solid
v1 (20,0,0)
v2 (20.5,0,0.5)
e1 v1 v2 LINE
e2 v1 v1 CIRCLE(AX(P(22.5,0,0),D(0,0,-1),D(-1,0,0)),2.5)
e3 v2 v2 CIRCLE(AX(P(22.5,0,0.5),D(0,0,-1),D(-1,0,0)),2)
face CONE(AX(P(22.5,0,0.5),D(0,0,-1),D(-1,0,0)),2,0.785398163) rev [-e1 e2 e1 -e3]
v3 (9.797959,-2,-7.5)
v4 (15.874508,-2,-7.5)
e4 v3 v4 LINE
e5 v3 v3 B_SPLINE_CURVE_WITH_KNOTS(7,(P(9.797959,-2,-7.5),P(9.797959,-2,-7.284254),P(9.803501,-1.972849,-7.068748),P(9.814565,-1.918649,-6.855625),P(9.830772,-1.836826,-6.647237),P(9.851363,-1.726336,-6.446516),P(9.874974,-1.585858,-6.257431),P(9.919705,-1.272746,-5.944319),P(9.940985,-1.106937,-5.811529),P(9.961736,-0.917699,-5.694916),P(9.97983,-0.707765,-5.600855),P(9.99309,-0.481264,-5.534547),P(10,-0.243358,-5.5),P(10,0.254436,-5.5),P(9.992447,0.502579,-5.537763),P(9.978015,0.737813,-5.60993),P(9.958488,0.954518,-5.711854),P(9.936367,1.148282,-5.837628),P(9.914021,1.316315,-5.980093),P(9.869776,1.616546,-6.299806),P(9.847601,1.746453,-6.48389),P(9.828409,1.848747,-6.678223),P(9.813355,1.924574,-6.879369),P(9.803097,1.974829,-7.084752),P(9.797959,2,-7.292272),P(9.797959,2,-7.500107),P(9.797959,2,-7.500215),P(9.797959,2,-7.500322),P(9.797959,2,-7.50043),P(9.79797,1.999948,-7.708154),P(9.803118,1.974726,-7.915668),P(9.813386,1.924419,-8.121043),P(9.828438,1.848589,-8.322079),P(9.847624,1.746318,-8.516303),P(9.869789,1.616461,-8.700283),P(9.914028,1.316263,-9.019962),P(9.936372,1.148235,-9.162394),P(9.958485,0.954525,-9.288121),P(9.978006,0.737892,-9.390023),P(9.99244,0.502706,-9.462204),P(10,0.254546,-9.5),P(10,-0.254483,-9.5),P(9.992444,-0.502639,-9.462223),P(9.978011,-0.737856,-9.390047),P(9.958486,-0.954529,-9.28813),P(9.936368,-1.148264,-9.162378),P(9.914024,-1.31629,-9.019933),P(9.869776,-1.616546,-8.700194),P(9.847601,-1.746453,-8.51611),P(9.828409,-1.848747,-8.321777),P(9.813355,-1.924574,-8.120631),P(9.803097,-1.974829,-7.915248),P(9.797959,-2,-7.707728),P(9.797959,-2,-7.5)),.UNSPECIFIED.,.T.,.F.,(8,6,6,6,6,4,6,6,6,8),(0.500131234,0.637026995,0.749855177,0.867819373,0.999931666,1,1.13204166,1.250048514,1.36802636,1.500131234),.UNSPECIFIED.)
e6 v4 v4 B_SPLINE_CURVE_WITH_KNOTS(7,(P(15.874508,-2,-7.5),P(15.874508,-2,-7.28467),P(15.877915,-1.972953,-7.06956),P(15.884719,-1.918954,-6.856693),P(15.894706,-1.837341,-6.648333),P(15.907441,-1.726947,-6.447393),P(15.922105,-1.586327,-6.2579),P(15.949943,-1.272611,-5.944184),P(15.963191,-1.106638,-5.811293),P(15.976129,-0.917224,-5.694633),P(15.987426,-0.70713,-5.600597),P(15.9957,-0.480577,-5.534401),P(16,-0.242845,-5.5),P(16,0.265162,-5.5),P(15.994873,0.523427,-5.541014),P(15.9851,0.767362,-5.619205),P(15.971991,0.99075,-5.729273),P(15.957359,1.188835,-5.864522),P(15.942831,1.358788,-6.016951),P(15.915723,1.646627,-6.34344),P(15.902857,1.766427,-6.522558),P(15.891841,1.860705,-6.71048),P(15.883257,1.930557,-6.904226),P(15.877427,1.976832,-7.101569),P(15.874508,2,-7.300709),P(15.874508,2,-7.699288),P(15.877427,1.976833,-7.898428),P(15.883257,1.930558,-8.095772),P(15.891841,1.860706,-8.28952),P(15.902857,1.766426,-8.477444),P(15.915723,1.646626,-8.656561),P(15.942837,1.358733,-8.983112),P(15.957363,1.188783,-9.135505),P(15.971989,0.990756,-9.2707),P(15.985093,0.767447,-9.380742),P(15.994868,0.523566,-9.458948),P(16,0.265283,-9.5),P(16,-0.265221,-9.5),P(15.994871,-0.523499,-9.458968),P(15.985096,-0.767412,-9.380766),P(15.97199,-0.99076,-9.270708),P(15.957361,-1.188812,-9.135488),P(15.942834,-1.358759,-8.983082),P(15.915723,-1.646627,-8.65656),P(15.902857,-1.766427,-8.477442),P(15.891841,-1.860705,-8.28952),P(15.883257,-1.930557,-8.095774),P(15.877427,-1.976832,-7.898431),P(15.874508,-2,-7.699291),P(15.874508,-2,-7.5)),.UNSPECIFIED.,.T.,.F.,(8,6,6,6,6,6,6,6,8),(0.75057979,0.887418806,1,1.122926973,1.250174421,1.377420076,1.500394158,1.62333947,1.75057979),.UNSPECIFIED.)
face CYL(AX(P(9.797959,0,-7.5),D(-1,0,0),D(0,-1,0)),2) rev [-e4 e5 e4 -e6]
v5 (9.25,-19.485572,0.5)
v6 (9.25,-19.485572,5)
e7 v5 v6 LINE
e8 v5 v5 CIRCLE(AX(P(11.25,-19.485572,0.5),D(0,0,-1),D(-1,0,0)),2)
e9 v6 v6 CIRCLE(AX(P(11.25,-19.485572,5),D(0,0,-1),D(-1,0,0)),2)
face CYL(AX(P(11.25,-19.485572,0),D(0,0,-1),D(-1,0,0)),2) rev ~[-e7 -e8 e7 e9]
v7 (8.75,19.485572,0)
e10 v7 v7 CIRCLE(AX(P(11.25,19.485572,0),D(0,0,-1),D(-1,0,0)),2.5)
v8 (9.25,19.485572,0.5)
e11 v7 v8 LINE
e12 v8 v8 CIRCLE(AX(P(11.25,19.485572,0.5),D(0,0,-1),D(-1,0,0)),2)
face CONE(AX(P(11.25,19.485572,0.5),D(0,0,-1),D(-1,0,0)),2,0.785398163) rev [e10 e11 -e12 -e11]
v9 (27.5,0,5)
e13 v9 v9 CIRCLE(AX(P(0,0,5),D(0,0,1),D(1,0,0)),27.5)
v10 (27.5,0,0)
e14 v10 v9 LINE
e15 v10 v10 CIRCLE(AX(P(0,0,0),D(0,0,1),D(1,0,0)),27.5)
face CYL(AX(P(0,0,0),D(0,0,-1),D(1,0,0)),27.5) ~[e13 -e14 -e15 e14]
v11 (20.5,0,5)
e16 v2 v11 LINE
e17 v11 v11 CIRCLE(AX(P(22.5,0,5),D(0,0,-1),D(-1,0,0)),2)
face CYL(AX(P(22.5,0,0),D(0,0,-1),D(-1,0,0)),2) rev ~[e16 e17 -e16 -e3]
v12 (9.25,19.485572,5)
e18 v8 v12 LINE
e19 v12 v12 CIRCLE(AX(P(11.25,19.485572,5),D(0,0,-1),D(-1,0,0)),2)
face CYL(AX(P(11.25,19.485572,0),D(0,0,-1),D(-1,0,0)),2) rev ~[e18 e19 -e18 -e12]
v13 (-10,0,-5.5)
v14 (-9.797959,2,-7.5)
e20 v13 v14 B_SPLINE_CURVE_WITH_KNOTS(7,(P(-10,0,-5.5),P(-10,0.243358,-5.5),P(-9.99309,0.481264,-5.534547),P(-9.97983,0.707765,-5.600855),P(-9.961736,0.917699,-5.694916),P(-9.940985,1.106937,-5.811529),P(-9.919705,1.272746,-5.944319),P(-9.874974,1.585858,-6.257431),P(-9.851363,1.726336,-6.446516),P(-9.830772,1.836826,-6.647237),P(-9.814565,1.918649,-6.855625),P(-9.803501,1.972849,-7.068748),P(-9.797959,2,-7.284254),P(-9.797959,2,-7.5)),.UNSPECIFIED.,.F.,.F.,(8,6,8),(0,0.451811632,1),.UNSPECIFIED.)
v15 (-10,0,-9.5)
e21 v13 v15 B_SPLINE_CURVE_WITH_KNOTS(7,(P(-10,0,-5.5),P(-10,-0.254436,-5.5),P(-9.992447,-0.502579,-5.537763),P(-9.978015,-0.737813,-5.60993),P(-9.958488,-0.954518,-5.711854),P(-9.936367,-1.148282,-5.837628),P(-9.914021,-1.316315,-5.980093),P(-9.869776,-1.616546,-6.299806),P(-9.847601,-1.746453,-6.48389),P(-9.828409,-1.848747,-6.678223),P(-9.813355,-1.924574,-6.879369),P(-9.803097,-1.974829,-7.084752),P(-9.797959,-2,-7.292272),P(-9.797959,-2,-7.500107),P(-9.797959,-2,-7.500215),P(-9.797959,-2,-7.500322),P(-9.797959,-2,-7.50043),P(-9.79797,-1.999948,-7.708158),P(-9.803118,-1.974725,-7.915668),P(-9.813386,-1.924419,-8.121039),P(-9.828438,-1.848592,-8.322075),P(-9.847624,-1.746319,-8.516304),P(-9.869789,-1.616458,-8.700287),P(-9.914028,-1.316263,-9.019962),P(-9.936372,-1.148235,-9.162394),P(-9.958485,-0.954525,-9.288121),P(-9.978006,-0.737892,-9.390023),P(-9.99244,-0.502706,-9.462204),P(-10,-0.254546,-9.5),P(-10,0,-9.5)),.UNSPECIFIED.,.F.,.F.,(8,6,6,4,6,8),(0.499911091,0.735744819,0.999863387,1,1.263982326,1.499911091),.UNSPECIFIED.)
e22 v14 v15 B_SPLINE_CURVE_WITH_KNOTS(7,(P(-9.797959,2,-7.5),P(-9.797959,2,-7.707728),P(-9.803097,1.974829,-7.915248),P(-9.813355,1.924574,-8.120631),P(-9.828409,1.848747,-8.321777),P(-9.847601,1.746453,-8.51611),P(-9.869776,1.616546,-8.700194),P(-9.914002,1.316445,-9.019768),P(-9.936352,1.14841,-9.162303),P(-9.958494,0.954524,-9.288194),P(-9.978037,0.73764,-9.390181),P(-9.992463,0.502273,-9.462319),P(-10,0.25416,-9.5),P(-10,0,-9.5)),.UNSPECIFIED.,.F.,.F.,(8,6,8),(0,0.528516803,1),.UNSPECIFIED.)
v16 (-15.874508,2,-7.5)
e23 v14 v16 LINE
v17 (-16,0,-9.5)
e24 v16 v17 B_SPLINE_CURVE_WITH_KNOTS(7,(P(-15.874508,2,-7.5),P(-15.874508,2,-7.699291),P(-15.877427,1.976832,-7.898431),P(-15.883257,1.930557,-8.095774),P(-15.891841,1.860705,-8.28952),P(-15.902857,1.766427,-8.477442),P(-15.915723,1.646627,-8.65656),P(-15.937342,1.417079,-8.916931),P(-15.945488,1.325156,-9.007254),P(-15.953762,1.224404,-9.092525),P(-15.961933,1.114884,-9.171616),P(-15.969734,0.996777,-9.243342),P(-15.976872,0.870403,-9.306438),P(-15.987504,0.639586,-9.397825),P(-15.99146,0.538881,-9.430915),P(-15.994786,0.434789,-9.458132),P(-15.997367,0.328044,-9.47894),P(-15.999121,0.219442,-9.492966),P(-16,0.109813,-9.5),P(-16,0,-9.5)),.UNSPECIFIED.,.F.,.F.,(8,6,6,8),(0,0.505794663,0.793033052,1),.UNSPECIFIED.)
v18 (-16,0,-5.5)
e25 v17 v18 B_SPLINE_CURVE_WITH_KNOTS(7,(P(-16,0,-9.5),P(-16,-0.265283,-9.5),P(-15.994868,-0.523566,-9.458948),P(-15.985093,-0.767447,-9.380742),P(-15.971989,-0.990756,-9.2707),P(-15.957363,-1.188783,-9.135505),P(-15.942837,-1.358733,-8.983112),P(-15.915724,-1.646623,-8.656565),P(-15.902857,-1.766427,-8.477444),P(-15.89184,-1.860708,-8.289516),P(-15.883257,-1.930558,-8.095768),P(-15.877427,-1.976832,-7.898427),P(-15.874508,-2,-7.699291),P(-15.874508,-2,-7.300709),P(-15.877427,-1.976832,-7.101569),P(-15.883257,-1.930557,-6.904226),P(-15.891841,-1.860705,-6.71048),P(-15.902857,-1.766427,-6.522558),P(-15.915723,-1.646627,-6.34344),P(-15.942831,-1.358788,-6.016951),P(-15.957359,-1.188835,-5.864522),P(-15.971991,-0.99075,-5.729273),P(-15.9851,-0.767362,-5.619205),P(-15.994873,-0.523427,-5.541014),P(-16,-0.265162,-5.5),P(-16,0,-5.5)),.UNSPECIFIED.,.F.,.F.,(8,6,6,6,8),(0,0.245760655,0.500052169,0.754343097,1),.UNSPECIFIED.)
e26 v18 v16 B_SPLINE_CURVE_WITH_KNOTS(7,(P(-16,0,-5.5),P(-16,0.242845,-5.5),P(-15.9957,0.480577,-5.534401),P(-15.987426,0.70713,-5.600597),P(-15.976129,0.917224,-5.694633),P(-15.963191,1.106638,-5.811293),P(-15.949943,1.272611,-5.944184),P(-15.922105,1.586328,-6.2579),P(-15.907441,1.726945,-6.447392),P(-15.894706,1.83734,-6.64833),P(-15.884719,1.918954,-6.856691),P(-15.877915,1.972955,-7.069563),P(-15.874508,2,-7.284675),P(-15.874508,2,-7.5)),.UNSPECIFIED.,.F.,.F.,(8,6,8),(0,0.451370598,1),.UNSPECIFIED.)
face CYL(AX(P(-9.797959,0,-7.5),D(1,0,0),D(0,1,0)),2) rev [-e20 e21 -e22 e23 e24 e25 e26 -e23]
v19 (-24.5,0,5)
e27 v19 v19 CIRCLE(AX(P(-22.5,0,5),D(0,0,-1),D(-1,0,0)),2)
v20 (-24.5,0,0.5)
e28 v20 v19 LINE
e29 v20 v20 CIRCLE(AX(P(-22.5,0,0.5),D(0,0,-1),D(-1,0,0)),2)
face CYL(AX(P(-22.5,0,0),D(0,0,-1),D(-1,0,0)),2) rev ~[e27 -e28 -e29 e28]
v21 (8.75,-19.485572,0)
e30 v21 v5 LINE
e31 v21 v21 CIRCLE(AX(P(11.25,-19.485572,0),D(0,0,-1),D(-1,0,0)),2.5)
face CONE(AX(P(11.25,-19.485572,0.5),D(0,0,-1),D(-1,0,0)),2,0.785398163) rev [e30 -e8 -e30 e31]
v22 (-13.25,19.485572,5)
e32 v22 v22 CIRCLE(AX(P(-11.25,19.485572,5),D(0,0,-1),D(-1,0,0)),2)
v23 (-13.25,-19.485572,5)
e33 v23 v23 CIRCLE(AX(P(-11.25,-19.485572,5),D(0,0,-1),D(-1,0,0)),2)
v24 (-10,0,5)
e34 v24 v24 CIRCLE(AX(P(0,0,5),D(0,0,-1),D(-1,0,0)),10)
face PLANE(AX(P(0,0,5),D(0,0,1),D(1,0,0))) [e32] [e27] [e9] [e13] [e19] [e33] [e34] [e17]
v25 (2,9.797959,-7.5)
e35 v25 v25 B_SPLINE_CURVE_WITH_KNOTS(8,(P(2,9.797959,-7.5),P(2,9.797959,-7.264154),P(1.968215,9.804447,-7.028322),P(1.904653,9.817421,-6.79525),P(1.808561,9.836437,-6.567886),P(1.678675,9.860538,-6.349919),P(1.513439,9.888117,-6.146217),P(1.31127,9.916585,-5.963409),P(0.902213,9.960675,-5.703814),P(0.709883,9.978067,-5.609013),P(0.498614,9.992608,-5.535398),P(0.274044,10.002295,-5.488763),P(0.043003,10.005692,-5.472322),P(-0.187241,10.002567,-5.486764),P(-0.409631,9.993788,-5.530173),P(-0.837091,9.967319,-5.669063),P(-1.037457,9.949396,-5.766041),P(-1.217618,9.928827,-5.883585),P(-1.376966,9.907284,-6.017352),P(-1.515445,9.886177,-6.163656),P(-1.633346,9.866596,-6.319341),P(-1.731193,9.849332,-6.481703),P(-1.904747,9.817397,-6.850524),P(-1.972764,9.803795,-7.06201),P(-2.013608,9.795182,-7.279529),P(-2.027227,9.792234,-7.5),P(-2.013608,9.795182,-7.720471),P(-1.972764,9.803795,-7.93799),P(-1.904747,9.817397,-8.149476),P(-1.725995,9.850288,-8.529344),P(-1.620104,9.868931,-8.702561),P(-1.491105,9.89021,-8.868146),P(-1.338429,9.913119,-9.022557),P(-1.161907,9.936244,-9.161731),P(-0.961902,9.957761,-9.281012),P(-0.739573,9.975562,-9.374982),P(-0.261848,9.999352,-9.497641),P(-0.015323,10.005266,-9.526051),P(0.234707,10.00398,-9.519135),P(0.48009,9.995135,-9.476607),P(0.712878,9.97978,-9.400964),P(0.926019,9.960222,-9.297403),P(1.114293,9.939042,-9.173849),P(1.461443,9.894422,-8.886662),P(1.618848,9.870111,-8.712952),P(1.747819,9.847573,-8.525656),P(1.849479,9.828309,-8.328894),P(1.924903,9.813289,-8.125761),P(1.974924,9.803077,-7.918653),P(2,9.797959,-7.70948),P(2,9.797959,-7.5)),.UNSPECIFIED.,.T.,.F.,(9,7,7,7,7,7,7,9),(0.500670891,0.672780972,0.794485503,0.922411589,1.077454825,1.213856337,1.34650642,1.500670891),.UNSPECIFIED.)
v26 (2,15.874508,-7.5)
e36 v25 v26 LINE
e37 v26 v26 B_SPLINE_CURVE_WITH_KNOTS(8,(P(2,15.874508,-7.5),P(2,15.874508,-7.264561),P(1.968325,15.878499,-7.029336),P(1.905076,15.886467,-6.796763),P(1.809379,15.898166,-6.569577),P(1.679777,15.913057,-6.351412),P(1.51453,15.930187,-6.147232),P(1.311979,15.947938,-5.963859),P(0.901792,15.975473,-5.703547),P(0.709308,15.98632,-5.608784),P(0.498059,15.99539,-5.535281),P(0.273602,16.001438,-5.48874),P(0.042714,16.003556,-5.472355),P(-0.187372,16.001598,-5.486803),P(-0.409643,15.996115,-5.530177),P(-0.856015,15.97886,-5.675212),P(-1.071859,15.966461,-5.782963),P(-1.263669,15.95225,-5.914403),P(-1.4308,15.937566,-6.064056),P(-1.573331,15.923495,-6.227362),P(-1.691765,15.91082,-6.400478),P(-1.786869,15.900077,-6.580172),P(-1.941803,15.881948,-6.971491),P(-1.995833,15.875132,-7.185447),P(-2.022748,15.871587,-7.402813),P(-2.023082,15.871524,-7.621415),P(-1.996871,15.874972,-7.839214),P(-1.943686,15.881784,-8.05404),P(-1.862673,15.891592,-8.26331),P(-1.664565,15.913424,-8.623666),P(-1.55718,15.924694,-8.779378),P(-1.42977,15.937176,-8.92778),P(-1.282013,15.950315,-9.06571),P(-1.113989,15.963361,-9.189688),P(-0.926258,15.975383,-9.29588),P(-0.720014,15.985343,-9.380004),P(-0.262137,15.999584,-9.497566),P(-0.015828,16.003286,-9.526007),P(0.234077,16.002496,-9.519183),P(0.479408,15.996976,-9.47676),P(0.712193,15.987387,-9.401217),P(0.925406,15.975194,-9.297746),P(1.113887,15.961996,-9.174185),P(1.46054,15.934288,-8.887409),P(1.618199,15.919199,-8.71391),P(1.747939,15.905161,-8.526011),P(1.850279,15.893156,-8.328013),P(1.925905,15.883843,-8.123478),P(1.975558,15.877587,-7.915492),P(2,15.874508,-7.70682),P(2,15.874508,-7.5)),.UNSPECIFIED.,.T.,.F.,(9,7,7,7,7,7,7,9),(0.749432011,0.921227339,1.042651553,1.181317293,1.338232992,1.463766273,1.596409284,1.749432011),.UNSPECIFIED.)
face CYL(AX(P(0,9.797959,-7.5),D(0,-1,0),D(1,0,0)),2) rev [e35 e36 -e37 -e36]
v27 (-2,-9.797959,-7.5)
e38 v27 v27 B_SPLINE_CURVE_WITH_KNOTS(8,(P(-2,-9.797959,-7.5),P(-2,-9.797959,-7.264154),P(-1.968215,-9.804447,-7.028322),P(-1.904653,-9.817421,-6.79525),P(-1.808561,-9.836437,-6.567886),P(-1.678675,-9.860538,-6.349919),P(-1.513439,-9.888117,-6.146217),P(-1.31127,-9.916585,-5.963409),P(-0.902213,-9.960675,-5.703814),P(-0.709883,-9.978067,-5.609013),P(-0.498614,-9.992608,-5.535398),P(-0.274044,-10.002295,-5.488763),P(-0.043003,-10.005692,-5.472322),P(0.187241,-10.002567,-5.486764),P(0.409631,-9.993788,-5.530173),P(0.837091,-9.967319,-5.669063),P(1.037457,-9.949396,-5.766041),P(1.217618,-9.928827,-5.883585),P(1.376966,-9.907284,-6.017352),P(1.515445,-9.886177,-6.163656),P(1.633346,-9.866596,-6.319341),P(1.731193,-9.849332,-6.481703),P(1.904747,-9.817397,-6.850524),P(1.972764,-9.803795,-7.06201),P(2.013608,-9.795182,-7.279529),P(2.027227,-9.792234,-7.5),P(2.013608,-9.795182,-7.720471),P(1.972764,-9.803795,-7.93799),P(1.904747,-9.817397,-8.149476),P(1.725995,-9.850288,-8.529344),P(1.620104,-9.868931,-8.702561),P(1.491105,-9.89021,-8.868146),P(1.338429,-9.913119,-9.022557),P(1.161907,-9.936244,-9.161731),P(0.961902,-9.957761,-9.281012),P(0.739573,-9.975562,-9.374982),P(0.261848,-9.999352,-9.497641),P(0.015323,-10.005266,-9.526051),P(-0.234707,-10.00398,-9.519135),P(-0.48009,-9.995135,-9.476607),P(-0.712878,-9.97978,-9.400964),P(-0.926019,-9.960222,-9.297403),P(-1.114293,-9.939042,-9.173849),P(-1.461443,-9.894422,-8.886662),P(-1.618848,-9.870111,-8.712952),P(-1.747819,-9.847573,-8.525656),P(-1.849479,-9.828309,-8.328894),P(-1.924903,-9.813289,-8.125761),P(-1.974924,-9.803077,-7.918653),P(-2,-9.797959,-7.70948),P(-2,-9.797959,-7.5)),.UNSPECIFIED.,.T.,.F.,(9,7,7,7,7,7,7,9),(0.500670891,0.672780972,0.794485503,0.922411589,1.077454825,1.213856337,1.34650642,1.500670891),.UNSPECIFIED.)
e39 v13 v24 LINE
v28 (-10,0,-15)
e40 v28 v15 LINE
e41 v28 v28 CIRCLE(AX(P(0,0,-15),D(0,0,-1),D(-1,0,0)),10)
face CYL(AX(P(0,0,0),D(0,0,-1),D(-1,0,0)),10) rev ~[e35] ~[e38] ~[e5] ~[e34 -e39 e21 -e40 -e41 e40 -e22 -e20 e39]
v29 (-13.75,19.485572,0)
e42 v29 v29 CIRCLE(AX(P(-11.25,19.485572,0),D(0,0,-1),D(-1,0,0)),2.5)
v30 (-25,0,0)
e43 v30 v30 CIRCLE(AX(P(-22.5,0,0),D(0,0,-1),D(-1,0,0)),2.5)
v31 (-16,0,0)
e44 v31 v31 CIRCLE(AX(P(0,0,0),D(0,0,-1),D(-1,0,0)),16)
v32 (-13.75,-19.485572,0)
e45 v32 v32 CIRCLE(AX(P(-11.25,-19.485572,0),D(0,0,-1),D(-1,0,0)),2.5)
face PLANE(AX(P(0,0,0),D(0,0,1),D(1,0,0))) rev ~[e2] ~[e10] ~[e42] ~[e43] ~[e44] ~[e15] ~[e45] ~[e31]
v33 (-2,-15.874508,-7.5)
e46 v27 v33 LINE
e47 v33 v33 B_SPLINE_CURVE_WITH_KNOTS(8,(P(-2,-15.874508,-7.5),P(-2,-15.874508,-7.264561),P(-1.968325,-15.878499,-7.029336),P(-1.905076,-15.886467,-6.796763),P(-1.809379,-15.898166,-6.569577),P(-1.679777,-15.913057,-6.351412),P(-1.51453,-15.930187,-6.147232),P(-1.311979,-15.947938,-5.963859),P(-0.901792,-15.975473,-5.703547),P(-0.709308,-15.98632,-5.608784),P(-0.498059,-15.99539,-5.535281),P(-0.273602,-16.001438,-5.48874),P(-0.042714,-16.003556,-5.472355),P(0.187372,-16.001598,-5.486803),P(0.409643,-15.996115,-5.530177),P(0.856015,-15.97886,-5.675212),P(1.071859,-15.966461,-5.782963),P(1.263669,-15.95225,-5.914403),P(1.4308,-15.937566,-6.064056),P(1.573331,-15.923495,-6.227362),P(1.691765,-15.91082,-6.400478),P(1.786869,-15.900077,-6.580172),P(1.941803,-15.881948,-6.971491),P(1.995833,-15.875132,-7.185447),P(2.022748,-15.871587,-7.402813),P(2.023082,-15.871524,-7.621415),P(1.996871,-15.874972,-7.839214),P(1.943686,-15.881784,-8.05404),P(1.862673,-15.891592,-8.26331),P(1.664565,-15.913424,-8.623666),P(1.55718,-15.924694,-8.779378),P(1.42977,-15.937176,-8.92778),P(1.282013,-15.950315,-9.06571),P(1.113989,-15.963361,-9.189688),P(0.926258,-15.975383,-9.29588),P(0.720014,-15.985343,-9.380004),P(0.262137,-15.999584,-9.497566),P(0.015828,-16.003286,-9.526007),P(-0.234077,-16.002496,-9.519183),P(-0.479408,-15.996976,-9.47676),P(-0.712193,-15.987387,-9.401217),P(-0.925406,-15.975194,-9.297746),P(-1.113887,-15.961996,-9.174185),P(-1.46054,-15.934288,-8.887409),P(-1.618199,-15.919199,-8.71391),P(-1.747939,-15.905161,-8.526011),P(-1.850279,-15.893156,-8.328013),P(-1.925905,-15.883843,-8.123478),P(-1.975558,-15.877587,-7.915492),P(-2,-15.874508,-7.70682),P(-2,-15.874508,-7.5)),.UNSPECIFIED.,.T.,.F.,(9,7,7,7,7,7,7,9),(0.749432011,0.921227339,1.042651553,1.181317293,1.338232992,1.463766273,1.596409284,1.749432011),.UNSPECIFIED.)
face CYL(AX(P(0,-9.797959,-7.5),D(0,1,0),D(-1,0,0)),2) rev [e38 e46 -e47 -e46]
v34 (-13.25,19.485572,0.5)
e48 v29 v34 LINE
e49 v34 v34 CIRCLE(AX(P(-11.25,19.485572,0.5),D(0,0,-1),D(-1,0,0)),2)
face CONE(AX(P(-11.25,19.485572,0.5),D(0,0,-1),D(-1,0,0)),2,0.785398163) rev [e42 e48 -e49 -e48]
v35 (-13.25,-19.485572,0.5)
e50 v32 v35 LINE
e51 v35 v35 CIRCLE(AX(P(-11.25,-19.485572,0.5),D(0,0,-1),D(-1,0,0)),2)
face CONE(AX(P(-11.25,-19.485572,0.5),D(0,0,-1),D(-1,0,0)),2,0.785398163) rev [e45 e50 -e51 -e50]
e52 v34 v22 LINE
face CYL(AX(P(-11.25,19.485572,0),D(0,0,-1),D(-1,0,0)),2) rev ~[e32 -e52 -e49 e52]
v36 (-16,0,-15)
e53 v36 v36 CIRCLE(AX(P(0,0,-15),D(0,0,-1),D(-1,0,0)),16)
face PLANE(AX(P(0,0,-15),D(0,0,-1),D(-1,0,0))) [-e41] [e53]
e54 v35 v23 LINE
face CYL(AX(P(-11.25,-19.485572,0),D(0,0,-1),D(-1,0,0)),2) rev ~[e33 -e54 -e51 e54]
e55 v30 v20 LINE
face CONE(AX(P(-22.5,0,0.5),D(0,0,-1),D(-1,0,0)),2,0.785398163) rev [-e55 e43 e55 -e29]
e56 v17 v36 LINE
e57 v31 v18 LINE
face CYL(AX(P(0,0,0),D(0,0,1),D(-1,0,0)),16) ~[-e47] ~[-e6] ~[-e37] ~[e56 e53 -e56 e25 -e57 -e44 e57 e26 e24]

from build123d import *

# Parameters (mm, degrees)
SKETCH_1_R               = 27.5
EXTRUDE_1_DEPTH          = 5
SKETCH_2_R               = 10
CUT_EXTRUDE_2_DEPTH      = 40.210967853
EXTRUDE_START            = 15
SKETCH_2_12_R            = 16
SKETCH_2_12_R_2          = 10
EXTRUDE_9_DEPTH          = 15
SKETCH_12_R              = 2
CUT_EXTRUDE_3_DEPTH      = 42.683330001
CHAMFER_1_SIZE           = 0.5
CUT_EXTRUDE_4_REACH      = 55.605
SKETCH_13_R              = 2
PATTERN_CIRCULAR_1_COUNT = 4


with BuildPart() as part:
    # Эскиз1 → Бобышка-Вытянуть1 (new body)
    with BuildSketch(Plane.XY):
        Circle(SKETCH_1_R)
    extrude(amount=EXTRUDE_1_DEPTH)

    # Эскиз2 → Вырез-Вытянуть2 (cut, through all)
    with BuildSketch(Plane(origin=(0, 0, 0), x_dir=(-1, 0, 0), z_dir=(0, 0, -1))):
        Circle(SKETCH_2_R)
    extrude(amount=-CUT_EXTRUDE_2_DEPTH, mode=Mode.SUBTRACT)

    # Эскиз2<12> → Бобышка-Вытянуть9 (add)
    with BuildSketch(Plane(origin=(0, 0, 0), x_dir=(-1, 0, 0), z_dir=(0, 0, -1)).offset(EXTRUDE_START)):
        Circle(SKETCH_2_12_R)
        Circle(SKETCH_2_12_R_2, mode=Mode.SUBTRACT)
    extrude(amount=-EXTRUDE_9_DEPTH)

    # Эскиз12 → Вырез-Вытянуть3 (cut, through all)
    with BuildSketch(Plane(origin=(0, 0, 0), x_dir=(-1, 0, 0), z_dir=(0, 0, -1))):
        with Locations((-22.5, 0)):
            Circle(SKETCH_12_R)
        with Locations((-11.25, 19.485571585)):
            Circle(SKETCH_12_R)
        with Locations((11.25, 19.485571585)):
            Circle(SKETCH_12_R)
        with Locations((22.5, 0)):
            Circle(SKETCH_12_R)
        with Locations((11.25, -19.485571585)):
            Circle(SKETCH_12_R)
        with Locations((-11.25, -19.485571585)):
            Circle(SKETCH_12_R)
    extrude(amount=-CUT_EXTRUDE_3_DEPTH, mode=Mode.SUBTRACT)

    # Фаска1
    chamfer_1_edges = [part.edges().sort_by_distance(p)[0] for p in [
        (-20.5, 0, 0),
        (-9.25, -19.485571585, 0),
        (13.25, -19.485571585, 0),
        (24.5, 0, 0),
        (-9.25, 19.485571585, 0),
        (13.25, 19.485571585, 0),
    ]]
    chamfer(chamfer_1_edges, length=CHAMFER_1_SIZE)

    # Эскиз13 → Вырез-Вытянуть4 (cut, up to next)
    with BuildSketch(Plane(origin=(0, 16, 0), x_dir=(1, 0, 0), z_dir=(0, 1, 0)), mode=Mode.PRIVATE) as cut_extrude_4_sk1:
        with Locations((0, 7.5)):
            Circle(SKETCH_13_R)
    cut_extrude_4_tool1 = extrude(cut_extrude_4_sk1.sketch, amount=-CUT_EXTRUDE_4_REACH, mode=Mode.PRIVATE) & part.part
    cut_extrude_4 = cut_extrude_4_tool1.solids().sort_by_distance((0, 16, -7.5))[0]
    add(cut_extrude_4, mode=Mode.SUBTRACT)

    # Круговой массив1: Вырез-Вытянуть4 ×4 about axis
    pattern_circular_1_axis = Axis((0, 0, -15), (0, 0, 1))
    for i in range(1, PATTERN_CIRCULAR_1_COUNT):
        add(cut_extrude_4.rotate(pattern_circular_1_axis, i * 360 / PATTERN_CIRCULAR_1_COUNT), mode=Mode.SUBTRACT)


solid = part.part
